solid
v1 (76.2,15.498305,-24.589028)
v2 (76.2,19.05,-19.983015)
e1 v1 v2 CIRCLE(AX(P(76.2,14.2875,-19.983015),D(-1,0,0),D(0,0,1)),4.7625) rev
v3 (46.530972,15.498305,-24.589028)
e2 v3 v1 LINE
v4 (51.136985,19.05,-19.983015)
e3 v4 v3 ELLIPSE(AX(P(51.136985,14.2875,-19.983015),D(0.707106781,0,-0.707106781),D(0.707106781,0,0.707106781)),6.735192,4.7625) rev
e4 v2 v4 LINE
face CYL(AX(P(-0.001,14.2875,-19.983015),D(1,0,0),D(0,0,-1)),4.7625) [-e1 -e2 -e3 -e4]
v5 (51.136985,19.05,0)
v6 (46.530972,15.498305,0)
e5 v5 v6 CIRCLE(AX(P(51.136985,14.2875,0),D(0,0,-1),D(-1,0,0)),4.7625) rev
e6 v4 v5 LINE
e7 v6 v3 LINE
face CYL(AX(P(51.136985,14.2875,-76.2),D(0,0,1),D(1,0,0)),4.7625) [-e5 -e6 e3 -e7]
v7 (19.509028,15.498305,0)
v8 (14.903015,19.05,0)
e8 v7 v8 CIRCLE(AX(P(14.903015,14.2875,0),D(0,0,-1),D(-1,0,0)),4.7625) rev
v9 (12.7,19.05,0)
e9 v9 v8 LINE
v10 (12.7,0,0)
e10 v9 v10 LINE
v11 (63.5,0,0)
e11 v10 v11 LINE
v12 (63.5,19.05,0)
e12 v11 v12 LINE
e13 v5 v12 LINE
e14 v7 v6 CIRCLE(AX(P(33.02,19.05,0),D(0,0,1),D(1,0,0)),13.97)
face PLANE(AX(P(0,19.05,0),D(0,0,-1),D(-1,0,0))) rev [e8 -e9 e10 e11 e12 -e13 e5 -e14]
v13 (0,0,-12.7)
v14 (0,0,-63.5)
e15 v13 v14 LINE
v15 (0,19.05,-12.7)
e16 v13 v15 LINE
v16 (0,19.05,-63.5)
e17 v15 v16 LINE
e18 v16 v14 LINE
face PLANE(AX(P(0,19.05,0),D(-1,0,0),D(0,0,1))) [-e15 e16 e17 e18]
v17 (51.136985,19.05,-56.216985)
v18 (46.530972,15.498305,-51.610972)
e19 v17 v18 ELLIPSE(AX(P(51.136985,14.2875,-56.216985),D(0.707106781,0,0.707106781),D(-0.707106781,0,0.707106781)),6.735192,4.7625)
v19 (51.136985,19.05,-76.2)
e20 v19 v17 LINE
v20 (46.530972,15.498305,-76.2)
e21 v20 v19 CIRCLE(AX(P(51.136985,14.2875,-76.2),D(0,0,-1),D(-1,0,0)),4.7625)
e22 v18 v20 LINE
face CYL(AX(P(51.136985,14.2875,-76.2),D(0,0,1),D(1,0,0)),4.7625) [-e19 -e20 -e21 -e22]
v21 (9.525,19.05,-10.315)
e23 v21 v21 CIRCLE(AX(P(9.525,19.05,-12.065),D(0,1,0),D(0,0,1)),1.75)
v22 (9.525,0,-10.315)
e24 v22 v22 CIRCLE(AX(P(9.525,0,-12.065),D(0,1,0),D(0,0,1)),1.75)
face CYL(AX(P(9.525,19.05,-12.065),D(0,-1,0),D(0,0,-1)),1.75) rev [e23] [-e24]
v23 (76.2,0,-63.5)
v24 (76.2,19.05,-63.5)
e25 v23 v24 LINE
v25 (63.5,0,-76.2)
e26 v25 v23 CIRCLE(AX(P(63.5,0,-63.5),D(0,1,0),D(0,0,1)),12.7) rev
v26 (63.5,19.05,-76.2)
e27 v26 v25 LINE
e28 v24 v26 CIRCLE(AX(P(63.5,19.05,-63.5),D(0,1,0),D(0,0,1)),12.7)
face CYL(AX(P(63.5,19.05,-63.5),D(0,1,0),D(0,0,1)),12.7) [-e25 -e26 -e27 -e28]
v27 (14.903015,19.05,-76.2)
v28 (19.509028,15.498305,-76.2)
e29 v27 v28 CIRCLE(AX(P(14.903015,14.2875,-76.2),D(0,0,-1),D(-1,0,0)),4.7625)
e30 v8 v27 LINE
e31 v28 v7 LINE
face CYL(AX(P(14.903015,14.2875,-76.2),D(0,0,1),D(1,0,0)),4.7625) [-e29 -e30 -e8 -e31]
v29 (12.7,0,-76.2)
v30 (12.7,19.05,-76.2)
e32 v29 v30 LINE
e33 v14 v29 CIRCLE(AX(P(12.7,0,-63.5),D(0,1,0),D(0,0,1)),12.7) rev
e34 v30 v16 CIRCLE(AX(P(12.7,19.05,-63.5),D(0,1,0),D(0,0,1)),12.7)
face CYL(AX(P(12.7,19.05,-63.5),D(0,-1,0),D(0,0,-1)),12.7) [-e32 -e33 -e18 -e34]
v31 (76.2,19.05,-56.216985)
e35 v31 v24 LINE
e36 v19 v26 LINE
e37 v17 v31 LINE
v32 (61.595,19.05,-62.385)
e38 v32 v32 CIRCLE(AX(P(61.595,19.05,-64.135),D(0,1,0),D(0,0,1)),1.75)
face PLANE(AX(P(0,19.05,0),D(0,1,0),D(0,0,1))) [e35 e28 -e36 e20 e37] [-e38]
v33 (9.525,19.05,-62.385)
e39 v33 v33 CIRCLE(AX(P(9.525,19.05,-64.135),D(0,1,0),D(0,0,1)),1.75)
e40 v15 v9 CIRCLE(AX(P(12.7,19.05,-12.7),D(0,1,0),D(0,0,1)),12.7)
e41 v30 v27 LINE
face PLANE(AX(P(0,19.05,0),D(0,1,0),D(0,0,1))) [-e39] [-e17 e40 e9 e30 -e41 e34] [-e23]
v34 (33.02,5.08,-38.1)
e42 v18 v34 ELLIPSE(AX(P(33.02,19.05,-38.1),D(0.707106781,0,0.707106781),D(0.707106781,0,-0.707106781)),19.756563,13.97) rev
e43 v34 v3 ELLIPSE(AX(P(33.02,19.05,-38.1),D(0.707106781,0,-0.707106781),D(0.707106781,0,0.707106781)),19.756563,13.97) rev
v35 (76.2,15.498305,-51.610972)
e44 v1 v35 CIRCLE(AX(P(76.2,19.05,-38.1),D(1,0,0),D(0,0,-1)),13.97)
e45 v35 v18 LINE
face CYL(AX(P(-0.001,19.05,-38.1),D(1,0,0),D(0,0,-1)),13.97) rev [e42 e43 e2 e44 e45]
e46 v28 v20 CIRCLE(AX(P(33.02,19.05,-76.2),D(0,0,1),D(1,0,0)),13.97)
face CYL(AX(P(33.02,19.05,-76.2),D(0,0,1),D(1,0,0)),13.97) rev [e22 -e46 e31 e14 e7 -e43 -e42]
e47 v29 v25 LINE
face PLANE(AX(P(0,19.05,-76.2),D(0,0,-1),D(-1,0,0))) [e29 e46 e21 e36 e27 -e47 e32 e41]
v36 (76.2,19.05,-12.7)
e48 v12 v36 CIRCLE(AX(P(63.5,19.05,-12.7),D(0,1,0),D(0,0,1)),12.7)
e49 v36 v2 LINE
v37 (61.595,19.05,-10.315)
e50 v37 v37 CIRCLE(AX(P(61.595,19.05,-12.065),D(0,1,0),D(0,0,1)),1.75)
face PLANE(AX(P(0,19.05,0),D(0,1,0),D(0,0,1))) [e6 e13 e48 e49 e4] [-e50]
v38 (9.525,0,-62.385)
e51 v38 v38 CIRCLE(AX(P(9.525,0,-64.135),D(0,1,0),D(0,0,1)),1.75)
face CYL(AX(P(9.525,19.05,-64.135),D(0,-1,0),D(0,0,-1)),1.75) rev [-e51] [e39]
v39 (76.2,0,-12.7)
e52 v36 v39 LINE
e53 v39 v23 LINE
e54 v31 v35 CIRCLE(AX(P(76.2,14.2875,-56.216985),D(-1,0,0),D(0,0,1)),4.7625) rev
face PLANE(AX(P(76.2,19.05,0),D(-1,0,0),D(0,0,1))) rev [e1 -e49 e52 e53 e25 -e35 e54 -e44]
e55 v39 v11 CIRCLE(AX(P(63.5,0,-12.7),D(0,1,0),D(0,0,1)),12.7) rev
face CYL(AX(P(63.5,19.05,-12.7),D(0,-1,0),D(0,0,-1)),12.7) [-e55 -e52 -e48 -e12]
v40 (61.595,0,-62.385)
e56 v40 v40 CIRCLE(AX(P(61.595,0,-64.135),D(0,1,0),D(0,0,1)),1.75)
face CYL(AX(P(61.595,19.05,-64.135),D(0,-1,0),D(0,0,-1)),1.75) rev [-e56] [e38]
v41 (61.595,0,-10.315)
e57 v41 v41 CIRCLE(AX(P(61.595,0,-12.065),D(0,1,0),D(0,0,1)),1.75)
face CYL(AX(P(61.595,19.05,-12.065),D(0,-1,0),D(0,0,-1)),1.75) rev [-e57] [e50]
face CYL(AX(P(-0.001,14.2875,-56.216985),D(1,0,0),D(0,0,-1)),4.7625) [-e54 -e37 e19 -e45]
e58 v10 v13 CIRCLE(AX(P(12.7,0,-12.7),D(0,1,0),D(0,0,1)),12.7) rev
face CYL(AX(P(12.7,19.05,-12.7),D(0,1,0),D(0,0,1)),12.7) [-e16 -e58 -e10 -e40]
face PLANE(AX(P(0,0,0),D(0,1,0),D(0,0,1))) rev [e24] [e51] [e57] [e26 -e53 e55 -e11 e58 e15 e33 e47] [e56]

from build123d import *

# Parameters (mm, degrees)
SKETCH1_W           = 19.05
SKETCH1_H           = 76.2
SKETCH1_R           = 1.75
SKETCH1_W_2         = 29.21
SKETCH1_H_2         = 24.13
SKETCH1_H_3         = 27.94
BOSS_EXTRUDE2_DEPTH = 19.05
SKETCH3_R           = 13.97
CUT_EXTRUDE2_DEPTH  = 77.2
CUT_EXTRUDE3_REACH  = 78.2
SKETCH4_R           = 13.97
FILLET1_R           = 4.7625
FILLET2_R           = 12.7


with BuildPart() as part:
    # Sketch1 → Boss-Extrude2 (new body)
    with BuildSketch(Plane(origin=(0, 0, 0), x_dir=(1, 0, 0), z_dir=(0, 1, 0))):
        with Locations((9.525, 38.1)):
            Rectangle(SKETCH1_W, SKETCH1_H)
        with Locations((9.525, 12.065)):
            Circle(SKETCH1_R, mode=Mode.SUBTRACT)
        with Locations((9.525, 64.135)):
            Circle(SKETCH1_R, mode=Mode.SUBTRACT)
        Polygon((19.05, 76.2), (19.05, 0), (46.99, 0), (46.99, 24.13), (46.99, 52.07), (46.99, 76.2), align=None)
        with Locations((61.595, 64.135)):
            Rectangle(SKETCH1_W_2, SKETCH1_H_2)
        with Locations((61.595, 64.135)):
            Circle(SKETCH1_R, mode=Mode.SUBTRACT)
        with Locations((61.595, 38.1)):
            Rectangle(SKETCH1_W_2, SKETCH1_H_3)
        with Locations((61.595, 12.065)):
            Rectangle(SKETCH1_W_2, SKETCH1_H_2)
        with Locations((61.595, 12.065)):
            Circle(SKETCH1_R, mode=Mode.SUBTRACT)
    extrude(amount=BOSS_EXTRUDE2_DEPTH)

    # Sketch3 → Cut-Extrude2 (cut, through all)
    with BuildSketch(Plane.XY):
        with Locations((33.02, 19.05)):
            Circle(SKETCH3_R)
    extrude(amount=-CUT_EXTRUDE2_DEPTH, mode=Mode.SUBTRACT)

    # Sketch4 → Cut-Extrude3 (cut, up to next)
    with BuildSketch(Plane(origin=(76.2, 0, 0), x_dir=(0, 0, -1), z_dir=(1, 0, 0)), mode=Mode.PRIVATE) as cut_extrude3_sk1:
        with Locations((38.1, 19.05)):
            Circle(SKETCH4_R)
    cut_extrude3_tool1 = extrude(cut_extrude3_sk1.sketch, amount=-CUT_EXTRUDE3_REACH, mode=Mode.PRIVATE) & part.part
    add(cut_extrude3_tool1.solids().sort_by_distance((76.2, 19.05, -38.1))[0], mode=Mode.SUBTRACT)

    # Fillet1
    fillet1_edges = [part.edges().sort_by_distance(p)[0] for p in [
        (46.99, 19.05, -12.065),
        (61.595, 19.05, -24.13),
        (61.595, 19.05, -52.07),
        (46.99, 19.05, -64.135),
        (19.05, 19.05, -38.1),
    ]]
    fillet(fillet1_edges, radius=FILLET1_R)

    # Fillet2
    fillet2_edges = [part.edges().sort_by_distance(p)[0] for p in [
        (0, 9.525, 0),
        (0, 9.525, -76.2),
        (76.2, 9.525, -76.2),
        (76.2, 9.525, 0),
    ]]
    fillet(fillet2_edges, radius=FILLET2_R)


solid = part.part
